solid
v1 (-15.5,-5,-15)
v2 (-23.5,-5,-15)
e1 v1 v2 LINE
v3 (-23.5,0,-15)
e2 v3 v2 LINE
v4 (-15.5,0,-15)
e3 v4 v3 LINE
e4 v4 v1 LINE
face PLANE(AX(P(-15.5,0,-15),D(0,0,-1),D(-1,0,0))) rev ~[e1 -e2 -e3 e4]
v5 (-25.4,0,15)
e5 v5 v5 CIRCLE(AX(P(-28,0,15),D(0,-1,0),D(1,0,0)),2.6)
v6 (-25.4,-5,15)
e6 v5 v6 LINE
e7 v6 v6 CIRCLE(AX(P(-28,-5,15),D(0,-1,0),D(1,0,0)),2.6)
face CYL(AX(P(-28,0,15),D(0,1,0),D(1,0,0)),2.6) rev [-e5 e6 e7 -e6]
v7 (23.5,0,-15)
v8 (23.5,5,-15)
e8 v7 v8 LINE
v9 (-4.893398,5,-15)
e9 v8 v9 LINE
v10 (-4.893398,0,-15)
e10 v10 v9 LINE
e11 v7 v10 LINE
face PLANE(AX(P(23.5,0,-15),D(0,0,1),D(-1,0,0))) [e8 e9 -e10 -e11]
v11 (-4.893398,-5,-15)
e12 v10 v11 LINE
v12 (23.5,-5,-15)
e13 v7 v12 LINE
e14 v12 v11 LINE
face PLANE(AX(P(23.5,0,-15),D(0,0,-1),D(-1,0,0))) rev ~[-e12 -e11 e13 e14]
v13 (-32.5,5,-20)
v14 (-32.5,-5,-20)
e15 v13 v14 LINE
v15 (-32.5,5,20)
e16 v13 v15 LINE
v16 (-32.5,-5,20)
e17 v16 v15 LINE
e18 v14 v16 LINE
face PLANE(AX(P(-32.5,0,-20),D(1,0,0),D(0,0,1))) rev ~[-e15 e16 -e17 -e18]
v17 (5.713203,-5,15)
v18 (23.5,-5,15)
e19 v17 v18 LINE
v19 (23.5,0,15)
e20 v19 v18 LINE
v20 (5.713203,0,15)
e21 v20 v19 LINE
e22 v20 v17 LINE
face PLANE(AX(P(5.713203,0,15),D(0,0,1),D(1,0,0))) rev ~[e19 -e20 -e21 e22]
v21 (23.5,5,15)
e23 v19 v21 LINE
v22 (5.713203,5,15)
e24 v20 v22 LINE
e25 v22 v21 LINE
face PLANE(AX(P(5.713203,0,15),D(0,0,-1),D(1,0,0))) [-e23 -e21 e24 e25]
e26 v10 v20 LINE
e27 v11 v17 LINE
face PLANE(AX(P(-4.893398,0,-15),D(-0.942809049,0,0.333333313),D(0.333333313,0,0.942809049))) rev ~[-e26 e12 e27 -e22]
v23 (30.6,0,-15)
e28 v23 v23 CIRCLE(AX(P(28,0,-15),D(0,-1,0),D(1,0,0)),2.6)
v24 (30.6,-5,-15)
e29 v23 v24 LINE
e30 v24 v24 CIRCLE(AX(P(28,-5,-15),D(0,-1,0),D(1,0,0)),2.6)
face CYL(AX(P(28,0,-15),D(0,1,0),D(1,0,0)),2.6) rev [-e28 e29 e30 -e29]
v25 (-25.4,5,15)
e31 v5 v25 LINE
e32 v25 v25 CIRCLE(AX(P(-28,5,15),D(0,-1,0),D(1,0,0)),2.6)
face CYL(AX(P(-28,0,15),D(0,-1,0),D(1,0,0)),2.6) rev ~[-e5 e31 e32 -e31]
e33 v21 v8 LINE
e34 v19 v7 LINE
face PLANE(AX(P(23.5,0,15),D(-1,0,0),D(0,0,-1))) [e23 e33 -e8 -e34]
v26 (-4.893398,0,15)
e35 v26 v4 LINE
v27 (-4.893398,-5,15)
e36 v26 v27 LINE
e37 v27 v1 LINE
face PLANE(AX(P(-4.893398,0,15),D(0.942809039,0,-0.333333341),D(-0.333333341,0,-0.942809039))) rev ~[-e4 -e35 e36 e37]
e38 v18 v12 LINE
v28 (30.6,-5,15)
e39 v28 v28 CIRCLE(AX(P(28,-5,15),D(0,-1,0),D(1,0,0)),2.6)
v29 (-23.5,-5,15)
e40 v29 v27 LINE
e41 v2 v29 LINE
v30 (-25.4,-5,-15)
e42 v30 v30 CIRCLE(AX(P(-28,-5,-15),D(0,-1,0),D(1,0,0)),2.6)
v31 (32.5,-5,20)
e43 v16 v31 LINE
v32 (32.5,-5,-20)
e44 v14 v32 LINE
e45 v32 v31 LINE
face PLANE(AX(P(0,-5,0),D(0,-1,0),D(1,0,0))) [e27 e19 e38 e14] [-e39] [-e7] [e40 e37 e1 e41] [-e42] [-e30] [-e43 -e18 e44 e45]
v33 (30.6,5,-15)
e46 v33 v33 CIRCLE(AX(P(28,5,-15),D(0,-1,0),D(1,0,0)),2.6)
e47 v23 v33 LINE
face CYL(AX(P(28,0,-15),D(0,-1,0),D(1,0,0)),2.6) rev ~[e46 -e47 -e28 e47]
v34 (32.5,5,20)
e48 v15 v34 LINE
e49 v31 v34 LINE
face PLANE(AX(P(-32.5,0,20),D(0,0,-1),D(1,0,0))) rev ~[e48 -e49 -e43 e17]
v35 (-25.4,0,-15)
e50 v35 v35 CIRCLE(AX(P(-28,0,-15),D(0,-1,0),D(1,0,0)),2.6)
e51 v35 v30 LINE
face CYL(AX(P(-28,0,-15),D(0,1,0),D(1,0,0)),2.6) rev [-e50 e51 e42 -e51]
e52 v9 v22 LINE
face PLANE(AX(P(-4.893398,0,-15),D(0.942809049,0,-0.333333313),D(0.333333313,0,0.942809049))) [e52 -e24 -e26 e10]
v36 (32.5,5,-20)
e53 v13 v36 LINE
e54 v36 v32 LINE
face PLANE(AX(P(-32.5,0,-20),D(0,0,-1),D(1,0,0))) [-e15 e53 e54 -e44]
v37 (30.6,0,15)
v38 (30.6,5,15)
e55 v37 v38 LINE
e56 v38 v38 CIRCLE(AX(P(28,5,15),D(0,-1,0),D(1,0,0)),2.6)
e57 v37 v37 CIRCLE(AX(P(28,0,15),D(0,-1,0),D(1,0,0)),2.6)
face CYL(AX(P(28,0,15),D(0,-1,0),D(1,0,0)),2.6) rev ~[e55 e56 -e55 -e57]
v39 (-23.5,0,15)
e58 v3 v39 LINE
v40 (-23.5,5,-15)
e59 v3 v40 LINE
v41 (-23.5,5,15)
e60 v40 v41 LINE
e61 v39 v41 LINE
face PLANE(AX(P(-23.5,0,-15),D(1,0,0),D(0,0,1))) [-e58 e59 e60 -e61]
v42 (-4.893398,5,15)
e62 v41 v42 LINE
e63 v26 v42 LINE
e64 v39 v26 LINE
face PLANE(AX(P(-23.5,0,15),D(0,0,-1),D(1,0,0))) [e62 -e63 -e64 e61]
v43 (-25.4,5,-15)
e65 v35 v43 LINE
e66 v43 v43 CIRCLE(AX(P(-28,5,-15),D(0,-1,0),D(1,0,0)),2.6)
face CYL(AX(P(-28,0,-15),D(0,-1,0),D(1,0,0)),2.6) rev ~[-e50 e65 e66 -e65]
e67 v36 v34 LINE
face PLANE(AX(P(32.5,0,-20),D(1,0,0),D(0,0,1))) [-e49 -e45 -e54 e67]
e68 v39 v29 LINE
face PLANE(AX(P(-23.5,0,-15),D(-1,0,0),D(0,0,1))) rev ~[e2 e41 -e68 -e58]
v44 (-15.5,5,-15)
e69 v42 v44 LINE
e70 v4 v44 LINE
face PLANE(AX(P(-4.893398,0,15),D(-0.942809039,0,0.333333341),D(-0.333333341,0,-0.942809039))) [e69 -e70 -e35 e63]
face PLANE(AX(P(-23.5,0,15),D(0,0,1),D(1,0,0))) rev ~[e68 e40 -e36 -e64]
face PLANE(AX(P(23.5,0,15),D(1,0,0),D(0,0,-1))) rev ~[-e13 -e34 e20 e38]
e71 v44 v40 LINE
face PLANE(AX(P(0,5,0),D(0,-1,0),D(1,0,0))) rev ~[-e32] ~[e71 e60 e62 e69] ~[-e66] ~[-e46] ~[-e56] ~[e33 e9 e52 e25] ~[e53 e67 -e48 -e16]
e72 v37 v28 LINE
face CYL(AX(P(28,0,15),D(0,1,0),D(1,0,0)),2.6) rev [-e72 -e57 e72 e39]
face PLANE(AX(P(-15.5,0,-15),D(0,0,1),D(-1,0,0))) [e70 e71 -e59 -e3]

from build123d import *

# Parameters (mm, degrees)
F0_W          = 65
F0_H          = 40
F0_R          = 2.6
F1_DEPTH      = 5
F1_DEPTH_BACK = 5


with BuildPart() as f1:
    # F0 (on Front) → F1 (new body, two sides)
    with BuildSketch(Plane.XZ) as f1_sk:
        Rectangle(F0_W, F0_H)
        with Locations((-28, -15)):
            Circle(F0_R, mode=Mode.SUBTRACT)
        with Locations((28, -15)):
            Circle(F0_R, mode=Mode.SUBTRACT)
        Polygon((-23.5, -15), (-23.5, 15), (-4.893398, 15), (-15.5, -15), align=None, mode=Mode.SUBTRACT)
        with Locations((-28, 15)):
            Circle(F0_R, mode=Mode.SUBTRACT)
        Polygon((23.5, -15), (-4.893398, -15), (5.713203, 15), (23.5, 15), align=None, mode=Mode.SUBTRACT)
        with Locations((28, 15)):
            Circle(F0_R, mode=Mode.SUBTRACT)
    extrude(amount=F1_DEPTH)
    extrude(f1_sk.sketch, amount=-F1_DEPTH_BACK)


solid = f1.part
